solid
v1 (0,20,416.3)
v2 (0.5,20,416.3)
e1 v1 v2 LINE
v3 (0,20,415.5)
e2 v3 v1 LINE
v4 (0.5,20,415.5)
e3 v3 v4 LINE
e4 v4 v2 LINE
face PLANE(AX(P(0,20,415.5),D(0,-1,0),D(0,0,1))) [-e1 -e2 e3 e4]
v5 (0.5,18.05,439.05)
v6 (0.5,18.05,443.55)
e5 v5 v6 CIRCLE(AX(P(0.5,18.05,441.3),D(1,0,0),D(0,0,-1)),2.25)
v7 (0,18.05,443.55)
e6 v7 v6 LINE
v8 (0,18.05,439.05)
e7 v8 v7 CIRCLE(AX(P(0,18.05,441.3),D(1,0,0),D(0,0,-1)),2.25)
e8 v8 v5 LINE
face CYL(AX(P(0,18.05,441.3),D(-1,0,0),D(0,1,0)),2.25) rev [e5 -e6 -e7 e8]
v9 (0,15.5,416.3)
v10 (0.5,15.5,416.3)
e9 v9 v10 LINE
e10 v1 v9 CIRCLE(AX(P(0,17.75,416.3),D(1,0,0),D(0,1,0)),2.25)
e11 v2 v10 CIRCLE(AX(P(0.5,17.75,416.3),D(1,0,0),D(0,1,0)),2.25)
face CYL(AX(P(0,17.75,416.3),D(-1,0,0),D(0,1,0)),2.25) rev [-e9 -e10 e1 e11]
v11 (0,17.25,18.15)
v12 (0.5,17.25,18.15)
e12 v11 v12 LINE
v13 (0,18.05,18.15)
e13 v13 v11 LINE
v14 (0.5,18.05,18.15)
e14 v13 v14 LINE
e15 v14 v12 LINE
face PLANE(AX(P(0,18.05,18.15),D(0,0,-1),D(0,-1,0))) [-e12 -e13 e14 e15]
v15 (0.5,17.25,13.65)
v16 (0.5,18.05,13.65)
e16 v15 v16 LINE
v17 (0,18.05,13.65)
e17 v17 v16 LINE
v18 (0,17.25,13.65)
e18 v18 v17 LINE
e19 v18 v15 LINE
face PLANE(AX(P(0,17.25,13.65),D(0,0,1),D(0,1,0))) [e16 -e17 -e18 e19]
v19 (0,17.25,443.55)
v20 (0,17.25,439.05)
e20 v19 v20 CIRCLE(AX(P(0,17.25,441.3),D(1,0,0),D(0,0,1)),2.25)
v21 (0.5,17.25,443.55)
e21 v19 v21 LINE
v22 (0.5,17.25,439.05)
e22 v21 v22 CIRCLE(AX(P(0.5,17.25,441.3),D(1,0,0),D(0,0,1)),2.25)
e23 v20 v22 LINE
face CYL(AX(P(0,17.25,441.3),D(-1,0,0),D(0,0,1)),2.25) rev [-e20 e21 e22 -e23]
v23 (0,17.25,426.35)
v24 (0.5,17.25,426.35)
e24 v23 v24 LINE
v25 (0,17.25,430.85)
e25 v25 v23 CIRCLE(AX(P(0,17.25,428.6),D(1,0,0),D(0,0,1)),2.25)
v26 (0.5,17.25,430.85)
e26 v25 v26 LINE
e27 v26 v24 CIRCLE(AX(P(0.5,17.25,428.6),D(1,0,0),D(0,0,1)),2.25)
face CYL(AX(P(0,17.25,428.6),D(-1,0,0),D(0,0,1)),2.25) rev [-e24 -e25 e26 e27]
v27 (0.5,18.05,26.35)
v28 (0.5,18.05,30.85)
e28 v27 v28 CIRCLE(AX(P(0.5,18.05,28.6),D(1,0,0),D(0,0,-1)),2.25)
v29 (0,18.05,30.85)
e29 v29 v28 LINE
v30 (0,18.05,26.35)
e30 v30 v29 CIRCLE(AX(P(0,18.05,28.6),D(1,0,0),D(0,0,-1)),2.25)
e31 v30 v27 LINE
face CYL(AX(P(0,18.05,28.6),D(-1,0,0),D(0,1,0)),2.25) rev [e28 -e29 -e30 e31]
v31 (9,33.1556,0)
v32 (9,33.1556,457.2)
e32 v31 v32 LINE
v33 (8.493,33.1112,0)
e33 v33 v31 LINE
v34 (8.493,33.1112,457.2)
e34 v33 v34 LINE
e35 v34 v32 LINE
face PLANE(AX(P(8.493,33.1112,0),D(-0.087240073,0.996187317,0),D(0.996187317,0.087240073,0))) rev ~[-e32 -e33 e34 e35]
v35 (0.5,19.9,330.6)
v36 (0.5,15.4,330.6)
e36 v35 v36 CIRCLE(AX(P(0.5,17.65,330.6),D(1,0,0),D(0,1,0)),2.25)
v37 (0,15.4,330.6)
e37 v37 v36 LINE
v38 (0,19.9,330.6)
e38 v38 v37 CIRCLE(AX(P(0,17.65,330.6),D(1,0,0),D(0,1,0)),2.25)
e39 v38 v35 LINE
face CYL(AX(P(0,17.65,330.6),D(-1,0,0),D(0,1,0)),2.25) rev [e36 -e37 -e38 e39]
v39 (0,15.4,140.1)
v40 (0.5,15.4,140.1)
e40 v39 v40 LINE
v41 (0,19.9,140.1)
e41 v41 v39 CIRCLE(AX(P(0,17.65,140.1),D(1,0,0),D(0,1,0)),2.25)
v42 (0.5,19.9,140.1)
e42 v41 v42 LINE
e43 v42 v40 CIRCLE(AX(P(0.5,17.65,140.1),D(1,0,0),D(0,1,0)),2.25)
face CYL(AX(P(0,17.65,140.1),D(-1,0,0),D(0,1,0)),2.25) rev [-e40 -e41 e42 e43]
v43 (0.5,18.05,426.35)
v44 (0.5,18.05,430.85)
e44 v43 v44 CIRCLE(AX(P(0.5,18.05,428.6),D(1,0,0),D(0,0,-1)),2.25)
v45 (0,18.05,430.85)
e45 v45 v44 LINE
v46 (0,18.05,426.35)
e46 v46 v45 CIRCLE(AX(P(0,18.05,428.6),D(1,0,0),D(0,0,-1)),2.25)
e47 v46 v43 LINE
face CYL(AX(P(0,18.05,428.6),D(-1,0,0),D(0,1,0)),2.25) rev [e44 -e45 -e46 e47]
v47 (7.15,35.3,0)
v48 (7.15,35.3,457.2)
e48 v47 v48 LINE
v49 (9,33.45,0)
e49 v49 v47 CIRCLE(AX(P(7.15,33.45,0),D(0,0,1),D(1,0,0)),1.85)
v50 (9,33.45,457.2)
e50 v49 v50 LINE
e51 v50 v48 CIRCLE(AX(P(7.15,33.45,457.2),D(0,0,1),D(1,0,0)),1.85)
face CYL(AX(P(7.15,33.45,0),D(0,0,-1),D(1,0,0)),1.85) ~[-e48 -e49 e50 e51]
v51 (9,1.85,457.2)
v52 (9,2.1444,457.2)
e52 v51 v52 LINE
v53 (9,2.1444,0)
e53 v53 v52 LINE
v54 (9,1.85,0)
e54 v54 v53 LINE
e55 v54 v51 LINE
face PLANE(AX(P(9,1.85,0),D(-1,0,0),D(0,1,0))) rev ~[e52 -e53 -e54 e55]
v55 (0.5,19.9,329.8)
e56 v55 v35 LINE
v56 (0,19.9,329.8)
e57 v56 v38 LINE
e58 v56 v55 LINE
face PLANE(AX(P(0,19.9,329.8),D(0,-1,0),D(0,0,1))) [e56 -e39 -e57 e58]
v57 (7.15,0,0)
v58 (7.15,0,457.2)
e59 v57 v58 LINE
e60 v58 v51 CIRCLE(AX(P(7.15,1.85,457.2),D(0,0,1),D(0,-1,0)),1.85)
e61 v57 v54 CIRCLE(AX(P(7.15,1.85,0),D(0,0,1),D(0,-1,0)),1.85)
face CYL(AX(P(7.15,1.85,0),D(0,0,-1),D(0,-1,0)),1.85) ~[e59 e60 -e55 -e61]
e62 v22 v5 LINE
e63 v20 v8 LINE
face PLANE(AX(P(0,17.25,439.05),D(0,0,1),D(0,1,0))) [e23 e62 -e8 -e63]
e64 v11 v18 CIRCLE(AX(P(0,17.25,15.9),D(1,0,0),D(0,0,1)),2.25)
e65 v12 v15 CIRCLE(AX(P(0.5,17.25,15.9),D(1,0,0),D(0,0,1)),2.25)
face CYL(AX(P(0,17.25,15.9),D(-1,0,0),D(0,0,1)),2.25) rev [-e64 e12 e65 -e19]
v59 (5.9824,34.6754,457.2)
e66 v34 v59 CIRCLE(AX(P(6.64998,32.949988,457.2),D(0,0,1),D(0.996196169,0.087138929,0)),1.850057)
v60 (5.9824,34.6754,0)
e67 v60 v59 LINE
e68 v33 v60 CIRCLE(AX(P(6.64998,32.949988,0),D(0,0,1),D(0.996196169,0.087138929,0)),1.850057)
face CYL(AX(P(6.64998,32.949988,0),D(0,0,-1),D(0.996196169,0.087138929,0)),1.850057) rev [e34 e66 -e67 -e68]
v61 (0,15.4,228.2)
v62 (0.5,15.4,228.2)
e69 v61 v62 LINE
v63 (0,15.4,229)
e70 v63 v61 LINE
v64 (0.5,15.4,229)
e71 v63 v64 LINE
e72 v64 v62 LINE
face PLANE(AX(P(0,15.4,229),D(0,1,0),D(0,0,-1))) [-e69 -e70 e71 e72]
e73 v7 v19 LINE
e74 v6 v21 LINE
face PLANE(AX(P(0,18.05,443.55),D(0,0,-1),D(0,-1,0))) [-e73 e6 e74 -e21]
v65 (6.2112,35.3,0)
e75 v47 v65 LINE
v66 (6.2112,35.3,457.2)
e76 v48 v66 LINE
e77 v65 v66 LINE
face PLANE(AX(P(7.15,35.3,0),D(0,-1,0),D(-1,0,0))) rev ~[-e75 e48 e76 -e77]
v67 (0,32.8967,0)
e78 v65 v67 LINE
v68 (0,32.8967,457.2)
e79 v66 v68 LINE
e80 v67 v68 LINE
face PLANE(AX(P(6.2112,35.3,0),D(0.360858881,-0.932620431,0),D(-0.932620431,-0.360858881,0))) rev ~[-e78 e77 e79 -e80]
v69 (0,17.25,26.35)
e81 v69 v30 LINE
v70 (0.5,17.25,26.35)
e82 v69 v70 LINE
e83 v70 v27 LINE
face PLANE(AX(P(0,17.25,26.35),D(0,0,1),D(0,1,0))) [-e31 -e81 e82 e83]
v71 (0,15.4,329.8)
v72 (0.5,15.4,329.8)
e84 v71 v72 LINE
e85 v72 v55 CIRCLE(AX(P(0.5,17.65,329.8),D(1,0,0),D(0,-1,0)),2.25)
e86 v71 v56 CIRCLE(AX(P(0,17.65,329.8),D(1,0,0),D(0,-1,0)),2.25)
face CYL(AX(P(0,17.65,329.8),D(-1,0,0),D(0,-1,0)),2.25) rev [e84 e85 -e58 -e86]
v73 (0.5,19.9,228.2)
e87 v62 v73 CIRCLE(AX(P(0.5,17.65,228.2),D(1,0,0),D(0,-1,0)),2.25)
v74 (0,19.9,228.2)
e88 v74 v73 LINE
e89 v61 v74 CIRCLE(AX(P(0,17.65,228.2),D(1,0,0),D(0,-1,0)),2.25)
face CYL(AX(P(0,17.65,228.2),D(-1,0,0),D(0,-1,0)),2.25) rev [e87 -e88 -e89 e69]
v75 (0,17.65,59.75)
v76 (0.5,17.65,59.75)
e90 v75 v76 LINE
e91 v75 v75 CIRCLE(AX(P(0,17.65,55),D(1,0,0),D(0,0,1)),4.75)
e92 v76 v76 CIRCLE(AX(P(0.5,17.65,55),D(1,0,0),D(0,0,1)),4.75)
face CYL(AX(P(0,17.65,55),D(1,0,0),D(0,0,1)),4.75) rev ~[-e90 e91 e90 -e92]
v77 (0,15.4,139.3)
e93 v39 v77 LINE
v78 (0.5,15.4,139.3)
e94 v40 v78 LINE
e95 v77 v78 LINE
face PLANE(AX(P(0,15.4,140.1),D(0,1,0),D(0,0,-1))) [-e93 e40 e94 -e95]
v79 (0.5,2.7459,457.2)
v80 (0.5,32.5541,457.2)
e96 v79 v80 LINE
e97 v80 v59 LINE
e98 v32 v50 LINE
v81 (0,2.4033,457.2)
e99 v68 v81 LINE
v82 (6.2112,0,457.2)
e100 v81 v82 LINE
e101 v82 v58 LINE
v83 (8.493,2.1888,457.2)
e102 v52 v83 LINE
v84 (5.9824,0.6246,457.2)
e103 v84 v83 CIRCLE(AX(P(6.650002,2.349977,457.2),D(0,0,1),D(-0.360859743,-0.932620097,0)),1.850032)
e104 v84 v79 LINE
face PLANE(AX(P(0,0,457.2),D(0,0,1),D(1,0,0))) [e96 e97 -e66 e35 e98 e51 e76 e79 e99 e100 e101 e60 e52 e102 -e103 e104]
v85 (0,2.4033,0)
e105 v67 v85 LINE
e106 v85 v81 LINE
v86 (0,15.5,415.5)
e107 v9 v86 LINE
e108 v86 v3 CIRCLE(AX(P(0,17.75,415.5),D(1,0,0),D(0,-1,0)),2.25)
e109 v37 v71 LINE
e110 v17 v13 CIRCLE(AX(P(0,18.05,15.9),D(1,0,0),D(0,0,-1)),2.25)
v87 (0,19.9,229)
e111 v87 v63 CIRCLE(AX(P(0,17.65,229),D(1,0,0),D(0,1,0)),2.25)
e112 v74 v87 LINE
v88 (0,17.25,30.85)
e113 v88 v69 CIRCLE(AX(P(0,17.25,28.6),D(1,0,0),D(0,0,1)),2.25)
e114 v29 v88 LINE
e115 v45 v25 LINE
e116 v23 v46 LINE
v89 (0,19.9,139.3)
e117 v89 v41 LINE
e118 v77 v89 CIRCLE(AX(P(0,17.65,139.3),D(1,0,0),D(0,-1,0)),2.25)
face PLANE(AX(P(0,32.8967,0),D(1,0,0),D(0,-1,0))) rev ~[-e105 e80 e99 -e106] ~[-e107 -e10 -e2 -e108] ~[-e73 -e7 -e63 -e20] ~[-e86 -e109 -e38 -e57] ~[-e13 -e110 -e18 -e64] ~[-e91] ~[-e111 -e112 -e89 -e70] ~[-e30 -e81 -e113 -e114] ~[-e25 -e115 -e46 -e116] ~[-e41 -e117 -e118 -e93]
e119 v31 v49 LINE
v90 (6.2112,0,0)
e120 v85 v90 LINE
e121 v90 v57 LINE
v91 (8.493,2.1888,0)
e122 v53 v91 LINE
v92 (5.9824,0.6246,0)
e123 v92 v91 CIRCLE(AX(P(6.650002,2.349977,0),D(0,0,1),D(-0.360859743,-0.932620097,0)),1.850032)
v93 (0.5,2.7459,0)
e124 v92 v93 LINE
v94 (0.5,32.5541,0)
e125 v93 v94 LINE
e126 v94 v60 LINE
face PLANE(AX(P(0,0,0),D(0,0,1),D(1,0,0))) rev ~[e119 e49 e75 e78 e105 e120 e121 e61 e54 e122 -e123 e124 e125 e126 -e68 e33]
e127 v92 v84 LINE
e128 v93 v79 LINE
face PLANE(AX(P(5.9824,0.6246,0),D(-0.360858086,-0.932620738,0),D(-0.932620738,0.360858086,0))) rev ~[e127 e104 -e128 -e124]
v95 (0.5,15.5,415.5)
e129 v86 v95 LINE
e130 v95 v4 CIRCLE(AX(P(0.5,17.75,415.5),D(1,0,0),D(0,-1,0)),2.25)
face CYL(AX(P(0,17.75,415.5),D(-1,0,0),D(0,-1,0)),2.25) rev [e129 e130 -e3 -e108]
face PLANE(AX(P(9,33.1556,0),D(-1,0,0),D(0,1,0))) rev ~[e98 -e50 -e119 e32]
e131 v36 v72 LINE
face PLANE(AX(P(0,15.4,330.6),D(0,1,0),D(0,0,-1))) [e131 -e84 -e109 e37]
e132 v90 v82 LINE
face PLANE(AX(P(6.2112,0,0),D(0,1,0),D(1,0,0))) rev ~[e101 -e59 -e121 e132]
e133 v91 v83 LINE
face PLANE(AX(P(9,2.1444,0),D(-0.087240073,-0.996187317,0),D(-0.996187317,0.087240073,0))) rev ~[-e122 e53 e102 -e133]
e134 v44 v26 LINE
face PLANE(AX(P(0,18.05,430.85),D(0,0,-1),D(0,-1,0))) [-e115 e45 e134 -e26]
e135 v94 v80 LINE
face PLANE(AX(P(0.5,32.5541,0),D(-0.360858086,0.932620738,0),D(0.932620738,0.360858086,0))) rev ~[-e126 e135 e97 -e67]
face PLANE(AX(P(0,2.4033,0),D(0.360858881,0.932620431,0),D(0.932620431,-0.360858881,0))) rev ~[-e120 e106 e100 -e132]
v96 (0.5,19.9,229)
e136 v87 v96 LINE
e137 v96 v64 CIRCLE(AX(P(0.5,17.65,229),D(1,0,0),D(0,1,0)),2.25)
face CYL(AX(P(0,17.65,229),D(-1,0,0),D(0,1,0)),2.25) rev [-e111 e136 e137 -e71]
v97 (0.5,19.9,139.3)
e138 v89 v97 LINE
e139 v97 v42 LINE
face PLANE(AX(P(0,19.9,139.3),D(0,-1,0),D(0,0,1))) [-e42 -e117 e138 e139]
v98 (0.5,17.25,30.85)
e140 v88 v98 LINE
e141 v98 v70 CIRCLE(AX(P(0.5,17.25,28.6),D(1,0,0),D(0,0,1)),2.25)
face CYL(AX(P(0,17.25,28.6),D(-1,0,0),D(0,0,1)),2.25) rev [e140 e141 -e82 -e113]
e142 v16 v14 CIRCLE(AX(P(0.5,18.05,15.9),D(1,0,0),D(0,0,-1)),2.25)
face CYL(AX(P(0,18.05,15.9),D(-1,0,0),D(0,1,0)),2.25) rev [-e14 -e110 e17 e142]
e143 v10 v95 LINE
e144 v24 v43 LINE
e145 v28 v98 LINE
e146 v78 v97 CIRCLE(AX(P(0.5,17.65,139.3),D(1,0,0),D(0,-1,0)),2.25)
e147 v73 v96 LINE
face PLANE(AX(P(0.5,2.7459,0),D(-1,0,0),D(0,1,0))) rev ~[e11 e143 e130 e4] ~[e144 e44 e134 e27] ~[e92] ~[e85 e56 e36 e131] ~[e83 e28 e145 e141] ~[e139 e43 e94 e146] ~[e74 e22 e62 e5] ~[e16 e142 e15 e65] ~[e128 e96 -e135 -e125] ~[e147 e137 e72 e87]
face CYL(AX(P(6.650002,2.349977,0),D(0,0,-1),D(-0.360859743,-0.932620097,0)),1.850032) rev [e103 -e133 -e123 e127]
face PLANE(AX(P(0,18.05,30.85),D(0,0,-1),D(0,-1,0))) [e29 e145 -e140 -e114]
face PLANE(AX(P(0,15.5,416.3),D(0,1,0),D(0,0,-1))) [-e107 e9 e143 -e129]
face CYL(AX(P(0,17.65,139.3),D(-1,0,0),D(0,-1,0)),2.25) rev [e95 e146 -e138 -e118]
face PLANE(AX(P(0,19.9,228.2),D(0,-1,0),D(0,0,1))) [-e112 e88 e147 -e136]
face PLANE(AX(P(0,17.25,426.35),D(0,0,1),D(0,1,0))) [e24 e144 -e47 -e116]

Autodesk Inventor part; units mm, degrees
sketch "Sketch_1" plane through (0, 0, 0) normal (0, 0, 1) x (1, 0, 0)
  line L0 (0, 32.8967) -> (0, 2.4033)
  line L1 (0, 2.4033) -> (6.2112, 0)
  line L2 (6.2112, 0) -> (7.15, 0)
  arc A0 (7.15, 0) -> (9, 1.85) centre (7.15, 1.85) ccw
  line L3 (9, 1.85) -> (9, 2.1444)
  line L4 (9, 2.1444) -> (8.493, 2.1888)
  arc A1 (5.9824, 0.6246) -> (8.493, 2.1888) centre (6.65, 2.35) ccw
  line L5 (5.9824, 0.6246) -> (0.5, 2.7459)
  line L6 (0.5, 2.7459) -> (0.5, 32.5541)
  line L7 (0.5, 32.5541) -> (5.9824, 34.6754)
  arc A2 (8.493, 33.1112) -> (5.9824, 34.6754) centre (6.65, 32.95) ccw
  line L8 (8.493, 33.1112) -> (9, 33.1556)
  line L9 (9, 33.1556) -> (9, 33.45)
  arc A3 (9, 33.45) -> (7.15, 35.3) centre (7.15, 33.45) ccw
  line L10 (7.15, 35.3) -> (6.2112, 35.3)
  line L11 (6.2112, 35.3) -> (0, 32.8967)
extrude "Extrusion1" add sketch "Sketch_1" along normal blind 457.2
sketch "Sketch_4" plane through (0, 0, 0) normal (1, 0, 0) x (0, 1, 0)
  arc A0 (17.65, 332.85) -> (15.4, 330.6) centre (17.65, 330.6) ccw
  line L0 (15.4, 330.6) -> (15.4, 329.8)
  arc A1 (15.4, 329.8) -> (17.65, 327.55) centre (17.65, 329.8) ccw
  arc A2 (17.65, 327.55) -> (19.9, 329.8) centre (17.65, 329.8) ccw
  line L1 (19.9, 329.8) -> (19.9, 330.6)
  arc A3 (19.9, 330.6) -> (17.65, 332.85) centre (17.65, 330.6) ccw
extrude "Extrusion2" cut sketch "Sketch_4" along normal blind 0.5
sketch "Sketch_5" plane through (0, 0, 0) normal (1, 0, 0) x (0, 1, 0)
  arc A0 (17.65, 231.25) -> (15.4, 229) centre (17.65, 229) ccw
  line L0 (15.4, 229) -> (15.4, 228.2)
  arc A1 (15.4, 228.2) -> (17.65, 225.95) centre (17.65, 228.2) ccw
  arc A2 (17.65, 225.95) -> (19.9, 228.2) centre (17.65, 228.2) ccw
  line L1 (19.9, 228.2) -> (19.9, 229)
  arc A3 (19.9, 229) -> (17.65, 231.25) centre (17.65, 229) ccw
extrude "Extrusion3" cut sketch "Sketch_5" along normal blind 0.5
sketch "Sketch_6" plane through (0, 0, 0) normal (1, 0, 0) x (0, 1, 0)
  arc A0 (17.65, 142.35) -> (15.4, 140.1) centre (17.65, 140.1) ccw
  line L0 (15.4, 140.1) -> (15.4, 139.3)
  arc A1 (15.4, 139.3) -> (17.65, 137.05) centre (17.65, 139.3) ccw
  arc A2 (17.65, 137.05) -> (19.9, 139.3) centre (17.65, 139.3) ccw
  line L1 (19.9, 139.3) -> (19.9, 140.1)
  arc A3 (19.9, 140.1) -> (17.65, 142.35) centre (17.65, 140.1) ccw
extrude "Extrusion4" cut sketch "Sketch_6" along normal blind 0.5
sketch "Sketch_7" plane through (0, 0, 0) normal (1, 0, 0) x (0, 1, 0)
  line L0 (18.05, 443.55) -> (17.25, 443.55)
  arc A0 (17.25, 443.55) -> (15, 441.3) centre (17.25, 441.3) ccw
  arc A1 (15, 441.3) -> (17.25, 439.05) centre (17.25, 441.3) ccw
  line L1 (17.25, 439.05) -> (18.05, 439.05)
  arc A2 (18.05, 439.05) -> (20.3, 441.3) centre (18.05, 441.3) ccw
  arc A3 (20.3, 441.3) -> (18.05, 443.55) centre (18.05, 441.3) ccw
extrude "Extrusion5" cut sketch "Sketch_7" along normal blind 0.5
sketch "Sketch_3" plane through (0, 0, 0) normal (1, 0, 0) x (0, 1, 0)
  line L0 (18.05, 30.85) -> (17.25, 30.85)
  arc A0 (17.25, 30.85) -> (15, 28.6) centre (17.25, 28.6) ccw
  arc A1 (15, 28.6) -> (17.25, 26.35) centre (17.25, 28.6) ccw
  line L1 (17.25, 26.35) -> (18.05, 26.35)
  arc A2 (18.05, 26.35) -> (20.3, 28.6) centre (18.05, 28.6) ccw
  arc A3 (20.3, 28.6) -> (18.05, 30.85) centre (18.05, 28.6) ccw
extrude "Extrusion6" cut sketch "Sketch_3" along normal blind 0.5
sketch "Sketch_8" plane through (0, 0, 0) normal (1, 0, 0) x (0, 1, 0)
  line L0 (18.05, 18.15) -> (17.25, 18.15)
  arc A0 (17.25, 18.15) -> (15, 15.9) centre (17.25, 15.9) ccw
  arc A1 (15, 15.9) -> (17.25, 13.65) centre (17.25, 15.9) ccw
  line L1 (17.25, 13.65) -> (18.05, 13.65)
  arc A2 (18.05, 13.65) -> (20.3, 15.9) centre (18.05, 15.9) ccw
  arc A3 (20.3, 15.9) -> (18.05, 18.15) centre (18.05, 15.9) ccw
extrude "Extrusion7" cut sketch "Sketch_8" along normal blind 0.5
sketch "Sketch_9" plane through (0, 0, 0) normal (1, 0, 0) x (0, 1, 0)
  line L0 (18.05, 430.85) -> (17.25, 430.85)
  arc A0 (17.25, 430.85) -> (15, 428.6) centre (17.25, 428.6) ccw
  arc A1 (15, 428.6) -> (17.25, 426.35) centre (17.25, 428.6) ccw
  line L1 (17.25, 426.35) -> (18.05, 426.35)
  arc A2 (18.05, 426.35) -> (20.3, 428.6) centre (18.05, 428.6) ccw
  arc A3 (20.3, 428.6) -> (18.05, 430.85) centre (18.05, 428.6) ccw
extrude "Extrusion8" cut sketch "Sketch_9" along normal blind 0.5
sketch "Sketch_10" plane through (0, 0, 0) normal (1, 0, 0) x (0, 1, 0)
  arc A0 (17.75, 418.55) -> (15.5, 416.3) centre (17.75, 416.3) ccw
  line L0 (15.5, 416.3) -> (15.5, 415.5)
  arc A1 (15.5, 415.5) -> (17.75, 413.25) centre (17.75, 415.5) ccw
  arc A2 (17.75, 413.25) -> (20, 415.5) centre (17.75, 415.5) ccw
  line L1 (20, 415.5) -> (20, 416.3)
  arc A3 (20, 416.3) -> (17.75, 418.55) centre (17.75, 416.3) ccw
extrude "Extrusion9" cut sketch "Sketch_10" along normal blind 0.5
sketch "Sketch10" plane through (0, 2.4033, 0) normal (-1, 0, 0) x (0, 0, 1)
  point P0 (55, 15.2467)
hole "Hole1" at (0, 17.65, 55) direction (1, 0, 0) diameter 9.5 depth 0.5
ref_plane "to_rail_XY" through (9.5, 17.65, 228.6) normal (0, 0, 1) x (1, 0, 0)
ref_plane "to_rail_YZ" through (9.5, 17.65, 228.6) normal (1, 0, 0) x (0, 1, 0)
ref_plane "to_rail_ZX" through (9.5, 17.65, 228.6) normal (0, 1, 0) x (0, 0, 1)
properties part number "body_SSRN3618" material "鉄 灰色"
